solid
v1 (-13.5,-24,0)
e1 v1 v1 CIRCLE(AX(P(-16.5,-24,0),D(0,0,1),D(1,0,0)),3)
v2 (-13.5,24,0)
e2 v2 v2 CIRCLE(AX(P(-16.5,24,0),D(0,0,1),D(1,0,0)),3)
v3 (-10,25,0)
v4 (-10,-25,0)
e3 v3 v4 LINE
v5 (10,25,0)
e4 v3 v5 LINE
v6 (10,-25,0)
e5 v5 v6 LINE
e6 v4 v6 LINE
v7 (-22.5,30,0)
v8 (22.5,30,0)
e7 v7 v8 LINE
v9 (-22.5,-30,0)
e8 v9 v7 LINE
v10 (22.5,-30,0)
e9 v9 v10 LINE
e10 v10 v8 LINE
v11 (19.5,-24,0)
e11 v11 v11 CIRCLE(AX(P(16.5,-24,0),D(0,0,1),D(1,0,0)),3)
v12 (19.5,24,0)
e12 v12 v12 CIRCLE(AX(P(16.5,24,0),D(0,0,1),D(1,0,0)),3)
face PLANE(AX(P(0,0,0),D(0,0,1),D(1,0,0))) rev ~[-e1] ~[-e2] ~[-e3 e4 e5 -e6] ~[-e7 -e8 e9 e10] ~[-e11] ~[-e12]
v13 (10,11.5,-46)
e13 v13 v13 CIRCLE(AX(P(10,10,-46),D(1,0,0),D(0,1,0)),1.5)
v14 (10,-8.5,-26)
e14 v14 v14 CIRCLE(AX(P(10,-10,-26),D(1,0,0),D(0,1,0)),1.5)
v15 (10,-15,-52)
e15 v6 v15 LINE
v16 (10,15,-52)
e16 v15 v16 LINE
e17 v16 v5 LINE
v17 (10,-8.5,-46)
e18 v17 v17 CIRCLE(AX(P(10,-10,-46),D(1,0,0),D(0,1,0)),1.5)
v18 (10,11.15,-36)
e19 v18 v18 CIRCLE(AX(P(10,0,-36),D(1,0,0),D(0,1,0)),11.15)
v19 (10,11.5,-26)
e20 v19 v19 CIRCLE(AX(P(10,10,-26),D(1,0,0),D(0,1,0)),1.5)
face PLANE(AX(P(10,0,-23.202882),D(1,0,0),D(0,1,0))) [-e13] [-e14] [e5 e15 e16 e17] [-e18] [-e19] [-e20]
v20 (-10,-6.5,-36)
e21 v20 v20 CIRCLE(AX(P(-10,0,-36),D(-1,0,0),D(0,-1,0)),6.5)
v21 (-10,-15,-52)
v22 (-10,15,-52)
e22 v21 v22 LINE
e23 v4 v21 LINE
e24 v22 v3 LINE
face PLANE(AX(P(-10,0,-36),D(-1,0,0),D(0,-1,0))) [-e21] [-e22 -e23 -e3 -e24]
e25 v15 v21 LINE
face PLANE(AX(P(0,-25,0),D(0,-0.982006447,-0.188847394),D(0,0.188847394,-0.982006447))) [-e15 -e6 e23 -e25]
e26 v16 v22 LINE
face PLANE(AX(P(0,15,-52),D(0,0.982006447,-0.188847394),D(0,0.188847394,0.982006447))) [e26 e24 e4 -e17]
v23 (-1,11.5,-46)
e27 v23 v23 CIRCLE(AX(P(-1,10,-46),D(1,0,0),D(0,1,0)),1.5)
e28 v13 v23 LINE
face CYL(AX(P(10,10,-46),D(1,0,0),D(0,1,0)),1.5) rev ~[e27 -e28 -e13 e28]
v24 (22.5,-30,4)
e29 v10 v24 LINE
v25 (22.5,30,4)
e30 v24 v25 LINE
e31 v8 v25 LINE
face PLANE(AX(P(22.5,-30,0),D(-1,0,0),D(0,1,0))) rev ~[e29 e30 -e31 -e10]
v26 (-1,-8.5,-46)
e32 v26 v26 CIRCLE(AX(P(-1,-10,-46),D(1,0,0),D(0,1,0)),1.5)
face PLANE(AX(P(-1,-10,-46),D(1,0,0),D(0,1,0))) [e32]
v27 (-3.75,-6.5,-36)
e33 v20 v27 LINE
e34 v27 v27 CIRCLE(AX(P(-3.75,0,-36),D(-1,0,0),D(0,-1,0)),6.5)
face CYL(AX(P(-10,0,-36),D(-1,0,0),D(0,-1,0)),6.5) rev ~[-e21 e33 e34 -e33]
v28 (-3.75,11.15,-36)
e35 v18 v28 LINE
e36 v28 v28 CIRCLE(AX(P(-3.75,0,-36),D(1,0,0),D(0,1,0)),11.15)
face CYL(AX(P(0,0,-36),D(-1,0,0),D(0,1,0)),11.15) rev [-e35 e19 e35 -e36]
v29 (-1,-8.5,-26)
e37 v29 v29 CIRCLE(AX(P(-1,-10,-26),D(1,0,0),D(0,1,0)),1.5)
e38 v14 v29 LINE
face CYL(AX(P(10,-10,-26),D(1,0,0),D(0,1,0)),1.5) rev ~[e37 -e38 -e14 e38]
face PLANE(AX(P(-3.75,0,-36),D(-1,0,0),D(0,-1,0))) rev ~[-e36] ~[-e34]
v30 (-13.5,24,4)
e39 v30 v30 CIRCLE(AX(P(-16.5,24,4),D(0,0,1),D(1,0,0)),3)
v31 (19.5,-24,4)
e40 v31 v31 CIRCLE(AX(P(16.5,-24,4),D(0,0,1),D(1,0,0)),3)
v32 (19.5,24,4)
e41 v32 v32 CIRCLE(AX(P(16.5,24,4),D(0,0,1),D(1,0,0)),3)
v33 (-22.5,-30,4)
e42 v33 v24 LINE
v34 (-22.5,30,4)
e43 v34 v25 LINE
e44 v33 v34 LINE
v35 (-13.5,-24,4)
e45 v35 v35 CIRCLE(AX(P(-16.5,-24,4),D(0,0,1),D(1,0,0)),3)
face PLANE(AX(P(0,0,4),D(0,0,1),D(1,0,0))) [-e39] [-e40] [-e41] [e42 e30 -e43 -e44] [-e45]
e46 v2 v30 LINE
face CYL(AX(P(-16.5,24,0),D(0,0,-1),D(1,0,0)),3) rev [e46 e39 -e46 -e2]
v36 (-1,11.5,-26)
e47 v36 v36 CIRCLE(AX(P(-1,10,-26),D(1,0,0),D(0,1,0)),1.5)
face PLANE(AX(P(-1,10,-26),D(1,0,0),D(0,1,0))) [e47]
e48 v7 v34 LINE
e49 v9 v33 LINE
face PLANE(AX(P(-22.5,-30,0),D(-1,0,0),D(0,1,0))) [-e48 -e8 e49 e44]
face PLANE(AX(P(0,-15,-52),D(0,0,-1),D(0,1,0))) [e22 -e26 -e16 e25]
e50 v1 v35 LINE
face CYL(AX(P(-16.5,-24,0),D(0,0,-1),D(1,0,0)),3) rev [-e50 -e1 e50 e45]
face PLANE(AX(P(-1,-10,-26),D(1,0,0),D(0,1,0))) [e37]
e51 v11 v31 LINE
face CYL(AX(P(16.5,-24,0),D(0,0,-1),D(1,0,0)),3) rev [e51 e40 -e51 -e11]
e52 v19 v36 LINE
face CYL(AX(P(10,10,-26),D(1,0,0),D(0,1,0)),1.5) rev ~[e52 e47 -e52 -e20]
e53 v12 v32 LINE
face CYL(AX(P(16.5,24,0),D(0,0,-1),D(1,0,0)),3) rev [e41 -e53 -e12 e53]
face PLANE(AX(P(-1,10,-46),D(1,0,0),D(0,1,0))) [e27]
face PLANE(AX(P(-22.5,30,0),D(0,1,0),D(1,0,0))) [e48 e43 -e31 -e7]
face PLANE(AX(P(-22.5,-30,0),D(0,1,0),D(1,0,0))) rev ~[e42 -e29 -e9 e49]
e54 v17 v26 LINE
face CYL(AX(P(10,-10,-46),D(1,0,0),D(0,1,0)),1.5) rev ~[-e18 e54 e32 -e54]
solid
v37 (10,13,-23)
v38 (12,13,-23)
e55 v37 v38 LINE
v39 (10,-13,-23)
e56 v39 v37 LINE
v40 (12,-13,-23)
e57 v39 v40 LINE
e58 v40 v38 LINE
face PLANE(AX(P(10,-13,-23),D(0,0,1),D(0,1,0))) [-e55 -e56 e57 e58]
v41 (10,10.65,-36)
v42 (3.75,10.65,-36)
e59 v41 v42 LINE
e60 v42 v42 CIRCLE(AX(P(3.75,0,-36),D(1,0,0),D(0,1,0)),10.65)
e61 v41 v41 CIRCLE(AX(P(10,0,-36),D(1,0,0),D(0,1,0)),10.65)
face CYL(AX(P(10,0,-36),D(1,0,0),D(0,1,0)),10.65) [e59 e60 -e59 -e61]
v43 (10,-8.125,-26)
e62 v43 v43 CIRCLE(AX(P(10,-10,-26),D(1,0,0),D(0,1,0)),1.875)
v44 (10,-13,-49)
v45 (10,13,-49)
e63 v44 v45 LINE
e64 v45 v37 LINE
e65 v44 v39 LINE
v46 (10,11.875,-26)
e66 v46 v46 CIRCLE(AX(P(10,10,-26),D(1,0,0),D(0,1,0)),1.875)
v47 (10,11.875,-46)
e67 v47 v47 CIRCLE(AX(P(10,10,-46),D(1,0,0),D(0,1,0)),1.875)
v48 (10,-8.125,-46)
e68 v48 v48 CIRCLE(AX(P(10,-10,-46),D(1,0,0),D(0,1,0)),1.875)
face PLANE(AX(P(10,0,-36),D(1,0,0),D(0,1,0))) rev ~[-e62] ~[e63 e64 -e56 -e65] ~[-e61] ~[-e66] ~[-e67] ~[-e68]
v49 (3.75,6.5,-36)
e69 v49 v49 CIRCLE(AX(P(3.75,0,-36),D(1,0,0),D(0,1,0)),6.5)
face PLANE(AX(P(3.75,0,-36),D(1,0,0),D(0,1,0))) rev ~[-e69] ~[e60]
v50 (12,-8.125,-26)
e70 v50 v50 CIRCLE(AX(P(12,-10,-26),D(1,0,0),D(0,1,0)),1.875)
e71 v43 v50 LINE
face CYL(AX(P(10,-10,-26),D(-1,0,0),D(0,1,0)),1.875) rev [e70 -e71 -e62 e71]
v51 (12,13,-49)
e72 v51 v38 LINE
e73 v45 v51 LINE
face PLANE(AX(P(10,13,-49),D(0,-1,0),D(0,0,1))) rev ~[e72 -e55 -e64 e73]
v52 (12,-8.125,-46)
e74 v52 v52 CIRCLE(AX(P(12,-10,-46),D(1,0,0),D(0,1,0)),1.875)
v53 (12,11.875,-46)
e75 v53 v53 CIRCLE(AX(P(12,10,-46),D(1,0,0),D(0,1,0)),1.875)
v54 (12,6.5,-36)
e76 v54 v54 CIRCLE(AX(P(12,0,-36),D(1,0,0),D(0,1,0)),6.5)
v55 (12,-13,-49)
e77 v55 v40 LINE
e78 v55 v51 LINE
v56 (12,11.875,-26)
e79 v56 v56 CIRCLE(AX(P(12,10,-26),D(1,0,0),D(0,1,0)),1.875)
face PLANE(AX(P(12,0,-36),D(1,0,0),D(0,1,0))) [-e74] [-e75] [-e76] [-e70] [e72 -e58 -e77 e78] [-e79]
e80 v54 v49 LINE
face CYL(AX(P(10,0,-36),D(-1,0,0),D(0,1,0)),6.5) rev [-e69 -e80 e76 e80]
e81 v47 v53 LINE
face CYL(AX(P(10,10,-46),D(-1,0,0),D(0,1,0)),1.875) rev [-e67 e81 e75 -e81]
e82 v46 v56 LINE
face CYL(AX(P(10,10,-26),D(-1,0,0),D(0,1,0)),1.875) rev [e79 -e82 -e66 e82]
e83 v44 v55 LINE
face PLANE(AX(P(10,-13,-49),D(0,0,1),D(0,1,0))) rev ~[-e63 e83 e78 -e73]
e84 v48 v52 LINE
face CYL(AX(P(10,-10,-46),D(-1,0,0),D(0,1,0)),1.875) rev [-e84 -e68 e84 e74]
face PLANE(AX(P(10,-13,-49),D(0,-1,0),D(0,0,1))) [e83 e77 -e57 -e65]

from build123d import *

# Parameters (mm, degrees)
F0_W      = 45
F0_H      = 60
F0_R      = 3
F1_DEPTH  = 4
F2_R      = 11.15
F3_DEPTH  = 10
F4_R      = 11.15
F4_R_2    = 6.5
F5_DEPTH  = 6.25
F6_R      = 10.65
F6_R_2    = 6.5
F7_DEPTH  = 6.25
F6_W      = 26
F6_H      = 26
F6_R_3    = 1.875
F6_R_4    = 11.15
F8_DEPTH  = 2
F9_R      = 1.5
F10_DEPTH = 11


with BuildPart() as f1:
    # F0 (on Top) → F1 (new body)
    with BuildSketch(Plane.XY):
        Rectangle(F0_W, F0_H)
        with Locations((-16.5, -24)):
            Circle(F0_R, mode=Mode.SUBTRACT)
        with Locations((16.5, -24)):
            Circle(F0_R, mode=Mode.SUBTRACT)
        with Locations((-16.5, 24)):
            Circle(F0_R, mode=Mode.SUBTRACT)
        with Locations((16.5, 24)):
            Circle(F0_R, mode=Mode.SUBTRACT)
    extrude(amount=F1_DEPTH)

    # F2 (on Right) → F3 (join, symmetric)
    with BuildSketch(Plane.YZ):
        Polygon((15, -52), (25, 0), (-25, 0), (-15, -52), align=None)
        with Locations((0, -36)):
            Circle(F2_R, mode=Mode.SUBTRACT)
    extrude(amount=F3_DEPTH, both=True)

    # F4 (on face) → F5 (join)
    with BuildSketch(Plane(origin=(-10, 0, 0), x_dir=(0, -1, 0), z_dir=(-1, 0, 0))):
        with Locations((0, -36)):
            Circle(F4_R)
        with Locations((0, -36)):
            Circle(F4_R_2, mode=Mode.SUBTRACT)
    extrude(amount=-F5_DEPTH)

    # F9 (on face) → F10 (cut)
    with BuildSketch(Plane.YZ.offset(10)):
        with Locations((-10, -26)):
            Circle(F9_R)
        with Locations((10, -26)):
            Circle(F9_R)
        with Locations((10, -46)):
            Circle(F9_R)
        with Locations((-10, -46)):
            Circle(F9_R)
    extrude(amount=-F10_DEPTH, mode=Mode.SUBTRACT)


with BuildPart() as f7:
    # F6 (on face) → F7 (new body)
    with BuildSketch(Plane.YZ.offset(10)):
        with Locations((0, -36)):
            Circle(F6_R)
        with Locations((0, -36)):
            Circle(F6_R_2, mode=Mode.SUBTRACT)
    extrude(amount=-F7_DEPTH)

    # F6 (on face) → F8 (join)
    with BuildSketch(Plane.YZ.offset(10)):
        with Locations((0, -36)):
            Rectangle(F6_W, F6_H)
        with Locations((-10, -46)):
            Circle(F6_R_3, mode=Mode.SUBTRACT)
        with Locations((10, -46)):
            Circle(F6_R_3, mode=Mode.SUBTRACT)
        with Locations((0, -36)):
            Circle(F6_R_4, mode=Mode.SUBTRACT)
        with Locations((-10, -26)):
            Circle(F6_R_3, mode=Mode.SUBTRACT)
        with Locations((10, -26)):
            Circle(F6_R_3, mode=Mode.SUBTRACT)
        with Locations((0, -36)):
            Circle(F6_R_4)
        with Locations((0, -36)):
            Circle(F6_R, mode=Mode.SUBTRACT)
        with Locations((0, -36)):
            Circle(F6_R)
        with Locations((0, -36)):
            Circle(F6_R_2, mode=Mode.SUBTRACT)
    extrude(amount=F8_DEPTH)


solid = Compound([f1.part, f7.part])
